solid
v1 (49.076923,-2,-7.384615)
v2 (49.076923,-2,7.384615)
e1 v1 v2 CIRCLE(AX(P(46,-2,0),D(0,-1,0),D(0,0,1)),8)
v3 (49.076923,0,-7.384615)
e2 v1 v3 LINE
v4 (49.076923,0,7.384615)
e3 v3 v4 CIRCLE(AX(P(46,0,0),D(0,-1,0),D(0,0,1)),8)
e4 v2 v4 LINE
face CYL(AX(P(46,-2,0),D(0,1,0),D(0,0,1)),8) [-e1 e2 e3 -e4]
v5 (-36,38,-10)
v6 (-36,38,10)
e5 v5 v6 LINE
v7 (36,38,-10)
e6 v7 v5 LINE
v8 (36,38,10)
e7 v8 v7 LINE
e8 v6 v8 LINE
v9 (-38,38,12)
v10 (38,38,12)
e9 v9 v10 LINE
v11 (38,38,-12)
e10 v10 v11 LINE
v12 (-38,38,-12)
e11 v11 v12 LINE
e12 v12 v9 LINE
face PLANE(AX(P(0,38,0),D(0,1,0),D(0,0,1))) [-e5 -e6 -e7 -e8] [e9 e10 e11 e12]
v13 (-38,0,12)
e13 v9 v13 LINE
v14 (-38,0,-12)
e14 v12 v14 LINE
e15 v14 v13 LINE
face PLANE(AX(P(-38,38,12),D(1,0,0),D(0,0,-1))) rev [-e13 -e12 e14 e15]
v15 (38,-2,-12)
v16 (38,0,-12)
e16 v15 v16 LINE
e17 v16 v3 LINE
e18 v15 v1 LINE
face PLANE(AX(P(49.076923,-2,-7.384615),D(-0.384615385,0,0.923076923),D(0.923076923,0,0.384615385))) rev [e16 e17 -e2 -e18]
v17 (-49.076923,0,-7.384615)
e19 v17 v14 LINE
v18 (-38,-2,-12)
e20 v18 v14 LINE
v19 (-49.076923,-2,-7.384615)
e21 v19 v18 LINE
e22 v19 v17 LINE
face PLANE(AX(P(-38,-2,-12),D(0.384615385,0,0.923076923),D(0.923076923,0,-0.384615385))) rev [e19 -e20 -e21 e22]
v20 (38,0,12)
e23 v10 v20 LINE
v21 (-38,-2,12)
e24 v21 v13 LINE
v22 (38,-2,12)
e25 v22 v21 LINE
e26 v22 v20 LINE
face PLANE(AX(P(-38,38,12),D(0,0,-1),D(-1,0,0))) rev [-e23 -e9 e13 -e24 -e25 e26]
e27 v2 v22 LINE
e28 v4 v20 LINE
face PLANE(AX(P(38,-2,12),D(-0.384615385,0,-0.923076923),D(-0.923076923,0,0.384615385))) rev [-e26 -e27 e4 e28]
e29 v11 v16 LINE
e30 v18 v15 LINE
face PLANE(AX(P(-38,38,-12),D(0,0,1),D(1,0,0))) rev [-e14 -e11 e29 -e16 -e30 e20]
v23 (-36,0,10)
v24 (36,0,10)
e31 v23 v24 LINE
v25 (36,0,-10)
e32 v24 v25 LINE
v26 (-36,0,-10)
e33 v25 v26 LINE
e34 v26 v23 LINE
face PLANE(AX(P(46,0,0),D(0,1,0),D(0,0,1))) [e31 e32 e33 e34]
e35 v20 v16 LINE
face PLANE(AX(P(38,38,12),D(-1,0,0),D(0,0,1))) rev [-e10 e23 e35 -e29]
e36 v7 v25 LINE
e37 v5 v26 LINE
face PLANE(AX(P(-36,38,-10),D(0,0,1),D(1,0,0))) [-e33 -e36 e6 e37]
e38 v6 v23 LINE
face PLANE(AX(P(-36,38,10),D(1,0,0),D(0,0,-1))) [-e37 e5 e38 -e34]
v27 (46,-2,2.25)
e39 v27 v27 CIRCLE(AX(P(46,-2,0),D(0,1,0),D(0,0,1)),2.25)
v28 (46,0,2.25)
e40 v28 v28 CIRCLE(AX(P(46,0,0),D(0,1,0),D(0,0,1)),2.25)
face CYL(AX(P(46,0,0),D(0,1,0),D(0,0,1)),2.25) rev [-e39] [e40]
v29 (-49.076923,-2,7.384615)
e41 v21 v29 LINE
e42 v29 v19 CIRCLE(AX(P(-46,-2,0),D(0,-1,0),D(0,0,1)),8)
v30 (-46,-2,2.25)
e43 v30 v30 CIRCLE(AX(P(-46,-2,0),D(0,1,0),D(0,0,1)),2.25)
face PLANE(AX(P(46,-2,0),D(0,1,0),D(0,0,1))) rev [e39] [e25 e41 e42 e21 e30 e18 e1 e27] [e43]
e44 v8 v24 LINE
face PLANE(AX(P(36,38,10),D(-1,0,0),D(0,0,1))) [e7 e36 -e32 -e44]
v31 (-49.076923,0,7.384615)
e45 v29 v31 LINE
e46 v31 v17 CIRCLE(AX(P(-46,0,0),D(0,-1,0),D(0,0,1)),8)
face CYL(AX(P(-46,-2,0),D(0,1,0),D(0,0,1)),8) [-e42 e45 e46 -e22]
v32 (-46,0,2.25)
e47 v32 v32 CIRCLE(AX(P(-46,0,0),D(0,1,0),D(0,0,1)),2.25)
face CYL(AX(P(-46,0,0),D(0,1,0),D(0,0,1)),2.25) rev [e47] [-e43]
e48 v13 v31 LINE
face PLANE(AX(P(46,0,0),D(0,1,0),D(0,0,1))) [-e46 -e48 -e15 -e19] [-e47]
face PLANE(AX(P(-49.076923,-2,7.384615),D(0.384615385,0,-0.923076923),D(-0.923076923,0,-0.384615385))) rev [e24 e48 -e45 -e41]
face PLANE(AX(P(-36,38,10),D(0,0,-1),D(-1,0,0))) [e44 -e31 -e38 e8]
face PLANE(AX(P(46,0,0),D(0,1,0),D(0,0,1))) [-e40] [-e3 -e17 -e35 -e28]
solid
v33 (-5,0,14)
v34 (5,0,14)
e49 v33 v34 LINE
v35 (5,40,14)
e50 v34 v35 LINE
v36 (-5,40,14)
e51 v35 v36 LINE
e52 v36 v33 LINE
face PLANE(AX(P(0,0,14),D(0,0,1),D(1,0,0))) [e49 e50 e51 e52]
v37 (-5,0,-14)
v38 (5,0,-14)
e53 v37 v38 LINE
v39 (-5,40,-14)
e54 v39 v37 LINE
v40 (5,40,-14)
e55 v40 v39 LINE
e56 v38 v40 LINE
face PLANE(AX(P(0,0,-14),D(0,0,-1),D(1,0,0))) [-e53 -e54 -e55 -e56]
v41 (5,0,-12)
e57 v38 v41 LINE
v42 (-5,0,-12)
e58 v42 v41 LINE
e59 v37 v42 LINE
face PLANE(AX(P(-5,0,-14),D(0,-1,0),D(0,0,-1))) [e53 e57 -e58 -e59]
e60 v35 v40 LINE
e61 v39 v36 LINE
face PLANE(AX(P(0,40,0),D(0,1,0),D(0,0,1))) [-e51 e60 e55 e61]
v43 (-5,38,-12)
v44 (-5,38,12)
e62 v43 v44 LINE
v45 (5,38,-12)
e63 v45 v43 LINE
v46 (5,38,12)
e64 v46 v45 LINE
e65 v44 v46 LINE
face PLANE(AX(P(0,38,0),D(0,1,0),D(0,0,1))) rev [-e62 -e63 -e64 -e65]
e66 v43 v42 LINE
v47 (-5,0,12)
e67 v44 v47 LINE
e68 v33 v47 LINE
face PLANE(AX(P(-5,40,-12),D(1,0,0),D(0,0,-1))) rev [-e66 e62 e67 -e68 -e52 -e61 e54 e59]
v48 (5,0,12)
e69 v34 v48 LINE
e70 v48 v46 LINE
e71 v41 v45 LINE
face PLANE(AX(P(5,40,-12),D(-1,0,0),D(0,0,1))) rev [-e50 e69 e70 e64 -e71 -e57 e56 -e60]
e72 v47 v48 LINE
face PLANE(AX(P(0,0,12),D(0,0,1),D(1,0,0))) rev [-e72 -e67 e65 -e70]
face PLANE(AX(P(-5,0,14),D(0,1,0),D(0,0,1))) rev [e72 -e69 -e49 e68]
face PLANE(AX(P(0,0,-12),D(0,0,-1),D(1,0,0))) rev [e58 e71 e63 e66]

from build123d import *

# Parameters (mm, degrees)
SKETCH15_W                    = 76
SKETCH15_H                    = 24
SKETCH15_W_2                  = 72
SKETCH15_H_2                  = 20
BOSS_EXTRUDE8_DEPTH           = 38
SKETCH16_W                    = 10
SKETCH16_H                    = 24
BOSS_EXTRUDE9_DEPTH           = 2
SKETCH17_W                    = 10
SKETCH17_H                    = 40
BOSS_EXTRUDE10_DEPTH          = 2
BOSS_EXTRUDE11_DEPTH          = 2
SKETCH20_W                    = 2.25
SKETCH20_H                    = 2
M4_CLEARANCE_HOLE1_AT_2_COUNT = 2
M4_CLEARANCE_HOLE1_AT_2_PITCH = 92


with BuildPart() as part:
    # Sketch15 → Boss-Extrude8 (new body)
    with BuildSketch(Plane(origin=(0, 0, 0), x_dir=(1, 0, 0), z_dir=(0, 1, 0))):
        Rectangle(SKETCH15_W, SKETCH15_H)
        Rectangle(SKETCH15_W_2, SKETCH15_H_2, mode=Mode.SUBTRACT)
    extrude(amount=BOSS_EXTRUDE8_DEPTH)

    # Sketch18 → Boss-Extrude11 (add)
    with BuildSketch(Plane.XZ):
        with BuildLine():
            Line((-38, 12), (38, 12))
            Line((38, 12), (49.076923077, 7.384615385))
            ThreePointArc((49.076923077, 7.384615385), (54, 0), (49.076923077, -7.384615385))
            Line((49.076923077, -7.384615385), (38, -12))
            Line((38, -12), (-38, -12))
            Line((-38, -12), (-49.076923077, -7.384615385))
            ThreePointArc((-49.076923077, -7.384615385), (-54, 0), (-49.076923077, 7.384615385))
            Line((-49.076923077, 7.384615385), (-38, 12))
        make_face()
    extrude(amount=BOSS_EXTRUDE11_DEPTH)

    # Sketch20 → M4 Clearance Hole1 (revolve, cut)
    with BuildSketch(Plane(origin=(-46, 0, 0), x_dir=(0, 0, 1), z_dir=(1, 0, 0))):
        with Locations((1.125, 1)):
            Rectangle(SKETCH20_W, SKETCH20_H)
    m4_clearance_hole1 = revolve(axis=Axis((-46, 6.35, 0), (0, -1, 0)), mode=Mode.SUBTRACT)

    # M4 Clearance Hole1 at 2: M4 Clearance Hole1 ×2
    with Locations(*[(i * M4_CLEARANCE_HOLE1_AT_2_PITCH, 0, 0) for i in range(1, M4_CLEARANCE_HOLE1_AT_2_COUNT)]):
        add(m4_clearance_hole1, mode=Mode.SUBTRACT)


with BuildPart() as body_2:
    # Sketch16 → Boss-Extrude9 (new body)
    with BuildSketch(Plane(origin=(0, 38, 0), x_dir=(1, 0, 0), z_dir=(0, 1, 0))):
        Rectangle(SKETCH16_W, SKETCH16_H)
    extrude(amount=BOSS_EXTRUDE9_DEPTH)

    # Sketch17 → Boss-Extrude10 (add)
    with BuildSketch(Plane.XY.offset(12)):
        with Locations((0, 20)):
            Rectangle(SKETCH17_W, SKETCH17_H)
    boss_extrude10 = extrude(amount=BOSS_EXTRUDE10_DEPTH)

    # Mirror3: Boss-Extrude10 across plane
    add(boss_extrude10.mirror(Plane.XY))


solid = Compound([part.part, body_2.part])
